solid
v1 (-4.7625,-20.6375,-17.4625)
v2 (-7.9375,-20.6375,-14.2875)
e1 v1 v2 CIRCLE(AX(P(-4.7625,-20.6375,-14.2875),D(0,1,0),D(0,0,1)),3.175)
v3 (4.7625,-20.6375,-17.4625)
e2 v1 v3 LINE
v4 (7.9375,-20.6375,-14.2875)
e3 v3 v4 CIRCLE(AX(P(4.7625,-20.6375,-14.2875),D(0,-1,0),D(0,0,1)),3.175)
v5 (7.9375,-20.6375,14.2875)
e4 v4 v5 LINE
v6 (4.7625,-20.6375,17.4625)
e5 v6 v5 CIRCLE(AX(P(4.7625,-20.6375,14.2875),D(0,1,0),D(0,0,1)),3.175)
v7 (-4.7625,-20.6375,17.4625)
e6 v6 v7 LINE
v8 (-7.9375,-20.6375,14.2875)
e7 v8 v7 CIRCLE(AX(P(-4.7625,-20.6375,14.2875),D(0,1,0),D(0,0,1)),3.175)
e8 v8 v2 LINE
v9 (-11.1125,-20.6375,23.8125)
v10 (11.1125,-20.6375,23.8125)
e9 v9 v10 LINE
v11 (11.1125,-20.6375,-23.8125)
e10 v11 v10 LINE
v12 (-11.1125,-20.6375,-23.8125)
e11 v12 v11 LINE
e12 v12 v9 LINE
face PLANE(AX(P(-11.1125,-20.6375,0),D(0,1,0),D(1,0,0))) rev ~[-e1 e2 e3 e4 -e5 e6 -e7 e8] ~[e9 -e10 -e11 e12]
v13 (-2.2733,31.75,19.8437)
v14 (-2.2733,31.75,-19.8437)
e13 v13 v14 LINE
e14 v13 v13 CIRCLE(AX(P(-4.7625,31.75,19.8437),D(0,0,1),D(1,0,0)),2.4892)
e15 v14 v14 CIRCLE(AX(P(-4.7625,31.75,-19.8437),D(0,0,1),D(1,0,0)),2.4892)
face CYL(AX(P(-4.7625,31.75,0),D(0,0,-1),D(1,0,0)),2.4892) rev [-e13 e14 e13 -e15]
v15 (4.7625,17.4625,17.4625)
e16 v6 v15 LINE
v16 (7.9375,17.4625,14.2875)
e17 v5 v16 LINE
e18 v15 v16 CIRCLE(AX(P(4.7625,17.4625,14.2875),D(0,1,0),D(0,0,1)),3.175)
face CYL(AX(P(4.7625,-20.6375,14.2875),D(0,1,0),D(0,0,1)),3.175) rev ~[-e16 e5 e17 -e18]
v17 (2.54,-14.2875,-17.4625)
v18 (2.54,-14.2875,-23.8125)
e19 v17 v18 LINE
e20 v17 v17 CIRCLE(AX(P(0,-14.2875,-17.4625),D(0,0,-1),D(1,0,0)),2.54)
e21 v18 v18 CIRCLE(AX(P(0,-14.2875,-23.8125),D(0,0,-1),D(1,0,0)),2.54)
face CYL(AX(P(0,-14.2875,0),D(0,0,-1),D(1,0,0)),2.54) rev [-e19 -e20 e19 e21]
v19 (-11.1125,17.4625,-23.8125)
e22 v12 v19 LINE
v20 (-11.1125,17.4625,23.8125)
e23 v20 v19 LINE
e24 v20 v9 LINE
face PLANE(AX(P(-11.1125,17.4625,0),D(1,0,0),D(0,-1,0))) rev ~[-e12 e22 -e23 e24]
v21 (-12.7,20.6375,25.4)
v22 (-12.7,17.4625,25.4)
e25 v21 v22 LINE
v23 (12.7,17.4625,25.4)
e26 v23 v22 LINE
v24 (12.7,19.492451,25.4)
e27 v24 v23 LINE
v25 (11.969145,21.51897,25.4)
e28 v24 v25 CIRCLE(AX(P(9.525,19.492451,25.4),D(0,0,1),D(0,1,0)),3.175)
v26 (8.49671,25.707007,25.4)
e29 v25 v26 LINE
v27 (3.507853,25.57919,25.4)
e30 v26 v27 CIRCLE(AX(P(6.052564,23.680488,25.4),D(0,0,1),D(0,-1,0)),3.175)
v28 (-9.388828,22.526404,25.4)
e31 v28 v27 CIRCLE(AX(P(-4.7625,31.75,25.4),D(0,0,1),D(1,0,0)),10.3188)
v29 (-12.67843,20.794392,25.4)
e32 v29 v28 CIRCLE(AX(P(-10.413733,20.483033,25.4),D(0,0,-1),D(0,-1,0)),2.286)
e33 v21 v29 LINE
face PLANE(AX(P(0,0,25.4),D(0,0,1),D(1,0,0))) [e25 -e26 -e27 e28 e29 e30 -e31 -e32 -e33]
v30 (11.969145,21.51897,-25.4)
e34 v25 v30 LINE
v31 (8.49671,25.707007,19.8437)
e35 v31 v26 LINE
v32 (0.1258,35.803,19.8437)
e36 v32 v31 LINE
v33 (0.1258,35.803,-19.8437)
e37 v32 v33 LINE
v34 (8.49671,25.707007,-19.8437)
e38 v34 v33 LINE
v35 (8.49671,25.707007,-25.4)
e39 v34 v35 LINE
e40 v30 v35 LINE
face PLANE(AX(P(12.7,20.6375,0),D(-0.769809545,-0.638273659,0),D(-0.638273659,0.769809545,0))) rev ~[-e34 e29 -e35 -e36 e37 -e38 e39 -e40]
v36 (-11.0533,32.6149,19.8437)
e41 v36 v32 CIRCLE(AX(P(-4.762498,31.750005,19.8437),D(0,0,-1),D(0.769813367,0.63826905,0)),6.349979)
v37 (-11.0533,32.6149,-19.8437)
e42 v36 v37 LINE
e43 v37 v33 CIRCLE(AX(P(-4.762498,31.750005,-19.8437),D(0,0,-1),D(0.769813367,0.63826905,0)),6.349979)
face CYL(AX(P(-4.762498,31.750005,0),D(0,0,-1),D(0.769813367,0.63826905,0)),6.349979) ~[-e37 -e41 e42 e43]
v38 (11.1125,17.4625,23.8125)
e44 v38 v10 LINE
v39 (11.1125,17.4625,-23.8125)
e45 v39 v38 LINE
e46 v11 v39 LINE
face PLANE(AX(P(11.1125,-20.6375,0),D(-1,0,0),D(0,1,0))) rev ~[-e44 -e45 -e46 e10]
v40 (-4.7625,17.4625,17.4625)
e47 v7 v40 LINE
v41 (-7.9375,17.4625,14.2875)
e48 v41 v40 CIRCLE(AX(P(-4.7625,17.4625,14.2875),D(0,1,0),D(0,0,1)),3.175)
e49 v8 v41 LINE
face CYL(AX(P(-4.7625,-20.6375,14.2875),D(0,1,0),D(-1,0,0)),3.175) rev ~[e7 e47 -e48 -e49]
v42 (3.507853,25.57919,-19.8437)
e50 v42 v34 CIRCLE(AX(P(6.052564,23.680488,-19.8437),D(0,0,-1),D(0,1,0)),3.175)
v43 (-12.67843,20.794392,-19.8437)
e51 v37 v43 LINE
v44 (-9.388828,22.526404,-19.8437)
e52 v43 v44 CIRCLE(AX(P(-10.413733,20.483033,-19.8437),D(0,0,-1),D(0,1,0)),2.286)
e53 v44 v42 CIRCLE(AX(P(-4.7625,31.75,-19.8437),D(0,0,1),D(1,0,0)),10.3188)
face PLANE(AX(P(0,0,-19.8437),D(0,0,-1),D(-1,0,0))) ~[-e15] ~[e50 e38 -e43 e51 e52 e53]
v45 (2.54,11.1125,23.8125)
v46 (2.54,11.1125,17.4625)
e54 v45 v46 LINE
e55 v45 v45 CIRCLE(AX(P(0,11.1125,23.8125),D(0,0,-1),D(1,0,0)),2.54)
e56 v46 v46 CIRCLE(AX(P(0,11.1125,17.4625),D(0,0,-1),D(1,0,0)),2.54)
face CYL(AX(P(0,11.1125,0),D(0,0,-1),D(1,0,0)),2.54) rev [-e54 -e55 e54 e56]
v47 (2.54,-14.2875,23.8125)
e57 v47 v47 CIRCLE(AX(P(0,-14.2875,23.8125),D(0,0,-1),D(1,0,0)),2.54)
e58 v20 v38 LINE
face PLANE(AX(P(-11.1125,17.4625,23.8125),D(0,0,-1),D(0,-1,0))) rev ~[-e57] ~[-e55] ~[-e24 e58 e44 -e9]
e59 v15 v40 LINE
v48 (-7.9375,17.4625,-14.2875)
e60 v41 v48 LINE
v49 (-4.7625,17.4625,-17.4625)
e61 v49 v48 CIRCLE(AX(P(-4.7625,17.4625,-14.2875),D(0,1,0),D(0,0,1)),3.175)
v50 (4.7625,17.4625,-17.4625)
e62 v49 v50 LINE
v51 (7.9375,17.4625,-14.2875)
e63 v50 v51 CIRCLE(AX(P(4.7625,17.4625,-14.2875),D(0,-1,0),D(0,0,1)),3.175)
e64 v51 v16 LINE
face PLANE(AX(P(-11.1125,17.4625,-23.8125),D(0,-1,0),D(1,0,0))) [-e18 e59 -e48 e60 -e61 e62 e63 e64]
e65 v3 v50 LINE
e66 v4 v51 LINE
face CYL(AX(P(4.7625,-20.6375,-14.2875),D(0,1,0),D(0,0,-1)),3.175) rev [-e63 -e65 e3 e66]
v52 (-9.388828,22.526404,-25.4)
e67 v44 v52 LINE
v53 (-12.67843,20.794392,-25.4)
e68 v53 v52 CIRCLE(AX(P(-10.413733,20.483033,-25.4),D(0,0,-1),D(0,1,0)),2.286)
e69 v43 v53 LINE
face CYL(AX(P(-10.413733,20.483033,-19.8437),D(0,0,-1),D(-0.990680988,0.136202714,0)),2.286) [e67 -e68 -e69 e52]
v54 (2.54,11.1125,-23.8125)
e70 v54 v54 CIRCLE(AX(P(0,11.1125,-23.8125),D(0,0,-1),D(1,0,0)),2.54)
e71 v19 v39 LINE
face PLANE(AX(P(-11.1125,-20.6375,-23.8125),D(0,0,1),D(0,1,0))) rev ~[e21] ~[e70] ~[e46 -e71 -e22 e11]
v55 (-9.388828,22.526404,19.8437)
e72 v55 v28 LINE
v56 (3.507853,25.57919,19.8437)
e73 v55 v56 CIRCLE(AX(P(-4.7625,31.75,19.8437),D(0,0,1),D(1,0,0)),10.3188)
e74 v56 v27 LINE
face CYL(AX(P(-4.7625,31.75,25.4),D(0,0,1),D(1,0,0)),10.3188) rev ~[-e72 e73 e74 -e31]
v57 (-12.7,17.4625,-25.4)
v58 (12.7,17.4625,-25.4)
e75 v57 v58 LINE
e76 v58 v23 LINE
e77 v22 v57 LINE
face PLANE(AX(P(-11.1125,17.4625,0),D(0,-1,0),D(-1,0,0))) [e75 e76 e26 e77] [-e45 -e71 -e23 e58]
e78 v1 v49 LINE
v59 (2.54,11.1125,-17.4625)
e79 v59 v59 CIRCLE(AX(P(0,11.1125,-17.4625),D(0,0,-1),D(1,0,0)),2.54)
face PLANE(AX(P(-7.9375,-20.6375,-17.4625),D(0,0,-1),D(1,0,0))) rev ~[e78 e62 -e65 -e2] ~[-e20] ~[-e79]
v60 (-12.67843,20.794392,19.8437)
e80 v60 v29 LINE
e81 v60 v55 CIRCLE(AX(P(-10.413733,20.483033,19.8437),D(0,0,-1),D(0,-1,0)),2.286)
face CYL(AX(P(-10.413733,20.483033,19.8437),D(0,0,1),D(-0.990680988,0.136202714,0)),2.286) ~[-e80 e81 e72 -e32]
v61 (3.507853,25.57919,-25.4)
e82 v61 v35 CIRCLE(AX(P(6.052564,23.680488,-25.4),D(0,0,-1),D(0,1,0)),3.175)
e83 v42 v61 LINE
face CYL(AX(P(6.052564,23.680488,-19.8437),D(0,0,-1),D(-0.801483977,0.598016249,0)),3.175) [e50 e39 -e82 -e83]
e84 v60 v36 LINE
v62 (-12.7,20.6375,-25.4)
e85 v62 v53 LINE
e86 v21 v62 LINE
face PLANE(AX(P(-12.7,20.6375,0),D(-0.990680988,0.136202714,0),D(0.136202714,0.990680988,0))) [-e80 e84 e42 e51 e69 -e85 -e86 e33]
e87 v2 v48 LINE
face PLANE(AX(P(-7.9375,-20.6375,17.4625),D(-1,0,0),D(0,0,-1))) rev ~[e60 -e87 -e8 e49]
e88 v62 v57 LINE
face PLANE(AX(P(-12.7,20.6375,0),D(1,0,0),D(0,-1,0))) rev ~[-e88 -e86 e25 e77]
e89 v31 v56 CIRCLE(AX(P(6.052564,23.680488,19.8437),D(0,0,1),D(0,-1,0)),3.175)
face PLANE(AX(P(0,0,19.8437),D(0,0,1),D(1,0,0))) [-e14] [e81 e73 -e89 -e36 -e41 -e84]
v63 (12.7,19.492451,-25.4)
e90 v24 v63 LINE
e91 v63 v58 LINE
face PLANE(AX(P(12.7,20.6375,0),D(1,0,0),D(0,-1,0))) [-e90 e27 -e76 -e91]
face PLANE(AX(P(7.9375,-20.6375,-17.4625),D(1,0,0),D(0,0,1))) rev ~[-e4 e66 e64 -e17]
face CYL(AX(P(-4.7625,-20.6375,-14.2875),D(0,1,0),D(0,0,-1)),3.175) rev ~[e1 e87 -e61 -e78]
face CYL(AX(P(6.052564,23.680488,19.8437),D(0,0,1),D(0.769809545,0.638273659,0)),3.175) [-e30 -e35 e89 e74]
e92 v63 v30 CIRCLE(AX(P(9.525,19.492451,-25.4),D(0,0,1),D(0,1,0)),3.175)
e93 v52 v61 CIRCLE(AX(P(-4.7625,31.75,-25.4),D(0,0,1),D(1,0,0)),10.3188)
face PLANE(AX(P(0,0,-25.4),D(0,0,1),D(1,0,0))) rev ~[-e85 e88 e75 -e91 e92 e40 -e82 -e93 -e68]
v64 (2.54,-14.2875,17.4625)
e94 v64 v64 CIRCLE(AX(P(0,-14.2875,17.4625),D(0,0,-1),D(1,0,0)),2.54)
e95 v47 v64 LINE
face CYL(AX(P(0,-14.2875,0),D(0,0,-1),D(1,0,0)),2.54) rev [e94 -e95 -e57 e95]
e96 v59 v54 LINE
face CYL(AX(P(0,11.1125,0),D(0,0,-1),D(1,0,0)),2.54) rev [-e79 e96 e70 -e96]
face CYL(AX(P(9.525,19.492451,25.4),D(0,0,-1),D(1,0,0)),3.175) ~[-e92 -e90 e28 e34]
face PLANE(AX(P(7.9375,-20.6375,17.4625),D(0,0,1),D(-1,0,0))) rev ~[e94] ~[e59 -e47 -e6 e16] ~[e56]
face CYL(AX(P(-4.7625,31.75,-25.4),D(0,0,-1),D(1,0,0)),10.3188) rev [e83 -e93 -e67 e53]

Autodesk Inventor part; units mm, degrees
ref_plane "YZ Plane" through (0, 0, 0) normal (1, 0, 0) x (0, 1, 0)
ref_plane "XZ Plane" through (0, 0, 0) normal (0, 1, 0) x (-1, 0, 0)
ref_plane "XY Plane" through (0, 0, 0) normal (0, 0, 1) x (1, 0, 0)
sketch "Sketch1" plane through (0, 0, 0) normal (0, 0, 1) x (1, 0, 0)
  line L0 (-12.7, -20.6375) -> (12.7, -20.6375)
  line L1 (12.7, -20.6375) -> (12.7, 20.6375) construction
  line L2 (12.7, 20.6375) -> (-12.7, 20.6375) construction
  line L3 (-12.7, 20.6375) -> (-12.7, -20.6375) construction
  line L4 (-12.7, -20.6375) -> (12.7, 20.6375) construction
  line L5 (12.7, -20.6375) -> (-12.7, 20.6375) construction
  circle A0 centre (0, 11.1125) radius 2.54
  circle A1 centre (0, -1.5875) radius 2.54 construction
  circle A2 centre (0, -14.2875) radius 2.54
  circle A3 centre (-4.7625, 31.75) radius 9.525 construction
  circle A4 centre (-4.7625, 31.75) radius 2.4892
  arc A5 (0.1258, 35.803) -> (-11.0533, 32.6149) centre (-4.7625, 31.75) ccw
  line L6 (-12.7, 20.6375) -> (-11.0533, 32.6149)
  line L7 (12.7, 20.6375) -> (0.1258, 35.803)
  line L8 (-12.7, 20.6375) -> (-11.1125, 20.6375) construction
  line L9 (-11.1125, 20.6375) -> (-11.1125, -20.6375)
  line L10 (11.1125, -20.6375) -> (11.1125, 20.6375)
  line L11 (12.7, 20.6375) -> (11.1125, 20.6375) construction
  line L12 (-12.7, 20.6375) -> (-12.7, 17.4625)
  line L13 (-11.1125, 17.4625) -> (-12.7, 17.4625)
  line L14 (12.7, 20.6375) -> (12.7, 17.4625)
  line L15 (12.7, 17.4625) -> (11.1125, 17.4625)
  point P0 (0, 0)
  point P1 (0, 0)
  dimension "d0" = 25.4
  dimension "d2" = 5.08
  dimension "d3" = 9.525
  dimension "d6" = 12.7
  dimension "d11" = 6.35
  dimension "d12" = 19.05
  dimension "d13" = 4.9784
  dimension "d14" = 11.1125
  dimension "d15" = 4.7625
  dimension "d27" = 1.5875
  dimension "d28" = 1.5875
  dimension "d32" = 3.175
  dimension "d45" = 12.7
extrude "Extrusion1" add sketch "Sketch1" along normal mid plane 50.8
sketch "Sketch3" plane through (-11.1125, -20.6375, 25.4) normal (-1, 0, 0) x (0, 0, 1)
  line L0 (-50.8, 0) -> (0, 0) projected
  line L1 (0, 38.1) -> (0, 0) projected
  line L2 (-50.8, 0) -> (-50.8, 38.1) projected
  line L3 (-49.2125, 41.275) -> (-1.5875, 41.275)
  line L4 (-1.5875, 41.275) -> (-1.5875, 0)
  line L5 (-1.5875, 0) -> (-49.2125, 0)
  line L6 (-49.2125, 0) -> (-49.2125, 41.275)
  line L7 (-49.2125, 41.275) -> (-1.5875, 0) construction
  line L8 (-1.5875, 41.275) -> (-49.2125, 0) construction
  line L9 (-50.8, 38.1) -> (0, 38.1) projected
  point P0 (-25.4, 20.6375)
  point P1 (-49.2125, 38.1)
  point P2 (-1.5875, 38.1)
  dimension "d29" = 1.5875
extrude "Extrusion3" cut sketch "Sketch3" against normal through all contours L2 L9 L6 L0 | L4 L9 L1 L0
sketch "Sketch2" plane through (0, 0, 25.4) normal (0, 0, 1) x (1, 0, 0)
  circle A0 centre (-4.7625, 31.75) radius 2.4892 projected
  circle A1 centre (-4.7625, 31.75) radius 10.3188
  point P0 (0, 0)
  dimension "d19" = 20.6375
extrude "Extrusion2" cut sketch "Sketch2" against normal blind 5.5563
mirror "Mirror1" about plane through (0, 0, 0) normal (0, 0, 1) of "Extrusion2"
fillet "Fillet1" radius 3.175 3 edges at (5.3172, 29.5418, 22.6219) (5.3172, 29.5418, -22.6219) (12.7, 20.6375, 0)
fillet "Fillet1" radius 2.286 2 edges at (-12.1611, 24.5572, -22.6219) (-12.1611, 24.5572, 22.6219)
thread "Thread1" size "1/4-20 UNC" class "2B" standard "ANSI Unified Screw Threads" length 19.05
thread "Thread2" size "1/4-20 UNC" class "2B" standard "ANSI Unified Screw Threads" length 19.05
thread "Thread3" size "1/4-20 UNC" class "2B" standard "ANSI Unified Screw Threads" length 19.05
thread "Thread4" size "1/4-20 UNC" class "2B" standard "ANSI Unified Screw Threads" length 19.05
sketch "Sketch4" plane through (-11.1125, -20.6375, -23.8125) normal (0, -1, 0) x (1, 0, 0)
  line L0 (0, 0) -> (22.225, 0) projected
  line L1 (22.225, 0) -> (22.225, 47.625) projected
  line L2 (22.225, 47.625) -> (0, 47.625) projected
  line L3 (0, 0) -> (0, 47.625) projected
  line L4 (19.05, 41.275) -> (3.175, 41.275)
  line L5 (3.175, 41.275) -> (3.175, 6.35)
  line L6 (3.175, 6.35) -> (19.05, 6.35)
  line L7 (19.05, 6.35) -> (19.05, 41.275)
  point P0 (11.1125, 23.8125)
  dimension "d37" = 3.175
  dimension "d38" = 3.175
  dimension "d39" = 6.35
  dimension "d40" = 6.35
extrude "Extrusion4" cut sketch "Sketch4" against normal up to surface (38.1 mm away) contours L7 L6 L5 L4
fillet "Fillet2" radius 3.175 4 edges at (-7.9375, -1.5875, 17.4625) (7.9375, -1.5875, 17.4625) (7.9375, -1.5875, -17.4625) (-7.9375, -1.5875, -17.4625)
equation "\"d28\" = d27"
equation "\"d38\" = d37"
equation "\"d40\" = d39"
properties part number "F4C9-200-001 Top Bearing Block" material "Aluminum 6061"
